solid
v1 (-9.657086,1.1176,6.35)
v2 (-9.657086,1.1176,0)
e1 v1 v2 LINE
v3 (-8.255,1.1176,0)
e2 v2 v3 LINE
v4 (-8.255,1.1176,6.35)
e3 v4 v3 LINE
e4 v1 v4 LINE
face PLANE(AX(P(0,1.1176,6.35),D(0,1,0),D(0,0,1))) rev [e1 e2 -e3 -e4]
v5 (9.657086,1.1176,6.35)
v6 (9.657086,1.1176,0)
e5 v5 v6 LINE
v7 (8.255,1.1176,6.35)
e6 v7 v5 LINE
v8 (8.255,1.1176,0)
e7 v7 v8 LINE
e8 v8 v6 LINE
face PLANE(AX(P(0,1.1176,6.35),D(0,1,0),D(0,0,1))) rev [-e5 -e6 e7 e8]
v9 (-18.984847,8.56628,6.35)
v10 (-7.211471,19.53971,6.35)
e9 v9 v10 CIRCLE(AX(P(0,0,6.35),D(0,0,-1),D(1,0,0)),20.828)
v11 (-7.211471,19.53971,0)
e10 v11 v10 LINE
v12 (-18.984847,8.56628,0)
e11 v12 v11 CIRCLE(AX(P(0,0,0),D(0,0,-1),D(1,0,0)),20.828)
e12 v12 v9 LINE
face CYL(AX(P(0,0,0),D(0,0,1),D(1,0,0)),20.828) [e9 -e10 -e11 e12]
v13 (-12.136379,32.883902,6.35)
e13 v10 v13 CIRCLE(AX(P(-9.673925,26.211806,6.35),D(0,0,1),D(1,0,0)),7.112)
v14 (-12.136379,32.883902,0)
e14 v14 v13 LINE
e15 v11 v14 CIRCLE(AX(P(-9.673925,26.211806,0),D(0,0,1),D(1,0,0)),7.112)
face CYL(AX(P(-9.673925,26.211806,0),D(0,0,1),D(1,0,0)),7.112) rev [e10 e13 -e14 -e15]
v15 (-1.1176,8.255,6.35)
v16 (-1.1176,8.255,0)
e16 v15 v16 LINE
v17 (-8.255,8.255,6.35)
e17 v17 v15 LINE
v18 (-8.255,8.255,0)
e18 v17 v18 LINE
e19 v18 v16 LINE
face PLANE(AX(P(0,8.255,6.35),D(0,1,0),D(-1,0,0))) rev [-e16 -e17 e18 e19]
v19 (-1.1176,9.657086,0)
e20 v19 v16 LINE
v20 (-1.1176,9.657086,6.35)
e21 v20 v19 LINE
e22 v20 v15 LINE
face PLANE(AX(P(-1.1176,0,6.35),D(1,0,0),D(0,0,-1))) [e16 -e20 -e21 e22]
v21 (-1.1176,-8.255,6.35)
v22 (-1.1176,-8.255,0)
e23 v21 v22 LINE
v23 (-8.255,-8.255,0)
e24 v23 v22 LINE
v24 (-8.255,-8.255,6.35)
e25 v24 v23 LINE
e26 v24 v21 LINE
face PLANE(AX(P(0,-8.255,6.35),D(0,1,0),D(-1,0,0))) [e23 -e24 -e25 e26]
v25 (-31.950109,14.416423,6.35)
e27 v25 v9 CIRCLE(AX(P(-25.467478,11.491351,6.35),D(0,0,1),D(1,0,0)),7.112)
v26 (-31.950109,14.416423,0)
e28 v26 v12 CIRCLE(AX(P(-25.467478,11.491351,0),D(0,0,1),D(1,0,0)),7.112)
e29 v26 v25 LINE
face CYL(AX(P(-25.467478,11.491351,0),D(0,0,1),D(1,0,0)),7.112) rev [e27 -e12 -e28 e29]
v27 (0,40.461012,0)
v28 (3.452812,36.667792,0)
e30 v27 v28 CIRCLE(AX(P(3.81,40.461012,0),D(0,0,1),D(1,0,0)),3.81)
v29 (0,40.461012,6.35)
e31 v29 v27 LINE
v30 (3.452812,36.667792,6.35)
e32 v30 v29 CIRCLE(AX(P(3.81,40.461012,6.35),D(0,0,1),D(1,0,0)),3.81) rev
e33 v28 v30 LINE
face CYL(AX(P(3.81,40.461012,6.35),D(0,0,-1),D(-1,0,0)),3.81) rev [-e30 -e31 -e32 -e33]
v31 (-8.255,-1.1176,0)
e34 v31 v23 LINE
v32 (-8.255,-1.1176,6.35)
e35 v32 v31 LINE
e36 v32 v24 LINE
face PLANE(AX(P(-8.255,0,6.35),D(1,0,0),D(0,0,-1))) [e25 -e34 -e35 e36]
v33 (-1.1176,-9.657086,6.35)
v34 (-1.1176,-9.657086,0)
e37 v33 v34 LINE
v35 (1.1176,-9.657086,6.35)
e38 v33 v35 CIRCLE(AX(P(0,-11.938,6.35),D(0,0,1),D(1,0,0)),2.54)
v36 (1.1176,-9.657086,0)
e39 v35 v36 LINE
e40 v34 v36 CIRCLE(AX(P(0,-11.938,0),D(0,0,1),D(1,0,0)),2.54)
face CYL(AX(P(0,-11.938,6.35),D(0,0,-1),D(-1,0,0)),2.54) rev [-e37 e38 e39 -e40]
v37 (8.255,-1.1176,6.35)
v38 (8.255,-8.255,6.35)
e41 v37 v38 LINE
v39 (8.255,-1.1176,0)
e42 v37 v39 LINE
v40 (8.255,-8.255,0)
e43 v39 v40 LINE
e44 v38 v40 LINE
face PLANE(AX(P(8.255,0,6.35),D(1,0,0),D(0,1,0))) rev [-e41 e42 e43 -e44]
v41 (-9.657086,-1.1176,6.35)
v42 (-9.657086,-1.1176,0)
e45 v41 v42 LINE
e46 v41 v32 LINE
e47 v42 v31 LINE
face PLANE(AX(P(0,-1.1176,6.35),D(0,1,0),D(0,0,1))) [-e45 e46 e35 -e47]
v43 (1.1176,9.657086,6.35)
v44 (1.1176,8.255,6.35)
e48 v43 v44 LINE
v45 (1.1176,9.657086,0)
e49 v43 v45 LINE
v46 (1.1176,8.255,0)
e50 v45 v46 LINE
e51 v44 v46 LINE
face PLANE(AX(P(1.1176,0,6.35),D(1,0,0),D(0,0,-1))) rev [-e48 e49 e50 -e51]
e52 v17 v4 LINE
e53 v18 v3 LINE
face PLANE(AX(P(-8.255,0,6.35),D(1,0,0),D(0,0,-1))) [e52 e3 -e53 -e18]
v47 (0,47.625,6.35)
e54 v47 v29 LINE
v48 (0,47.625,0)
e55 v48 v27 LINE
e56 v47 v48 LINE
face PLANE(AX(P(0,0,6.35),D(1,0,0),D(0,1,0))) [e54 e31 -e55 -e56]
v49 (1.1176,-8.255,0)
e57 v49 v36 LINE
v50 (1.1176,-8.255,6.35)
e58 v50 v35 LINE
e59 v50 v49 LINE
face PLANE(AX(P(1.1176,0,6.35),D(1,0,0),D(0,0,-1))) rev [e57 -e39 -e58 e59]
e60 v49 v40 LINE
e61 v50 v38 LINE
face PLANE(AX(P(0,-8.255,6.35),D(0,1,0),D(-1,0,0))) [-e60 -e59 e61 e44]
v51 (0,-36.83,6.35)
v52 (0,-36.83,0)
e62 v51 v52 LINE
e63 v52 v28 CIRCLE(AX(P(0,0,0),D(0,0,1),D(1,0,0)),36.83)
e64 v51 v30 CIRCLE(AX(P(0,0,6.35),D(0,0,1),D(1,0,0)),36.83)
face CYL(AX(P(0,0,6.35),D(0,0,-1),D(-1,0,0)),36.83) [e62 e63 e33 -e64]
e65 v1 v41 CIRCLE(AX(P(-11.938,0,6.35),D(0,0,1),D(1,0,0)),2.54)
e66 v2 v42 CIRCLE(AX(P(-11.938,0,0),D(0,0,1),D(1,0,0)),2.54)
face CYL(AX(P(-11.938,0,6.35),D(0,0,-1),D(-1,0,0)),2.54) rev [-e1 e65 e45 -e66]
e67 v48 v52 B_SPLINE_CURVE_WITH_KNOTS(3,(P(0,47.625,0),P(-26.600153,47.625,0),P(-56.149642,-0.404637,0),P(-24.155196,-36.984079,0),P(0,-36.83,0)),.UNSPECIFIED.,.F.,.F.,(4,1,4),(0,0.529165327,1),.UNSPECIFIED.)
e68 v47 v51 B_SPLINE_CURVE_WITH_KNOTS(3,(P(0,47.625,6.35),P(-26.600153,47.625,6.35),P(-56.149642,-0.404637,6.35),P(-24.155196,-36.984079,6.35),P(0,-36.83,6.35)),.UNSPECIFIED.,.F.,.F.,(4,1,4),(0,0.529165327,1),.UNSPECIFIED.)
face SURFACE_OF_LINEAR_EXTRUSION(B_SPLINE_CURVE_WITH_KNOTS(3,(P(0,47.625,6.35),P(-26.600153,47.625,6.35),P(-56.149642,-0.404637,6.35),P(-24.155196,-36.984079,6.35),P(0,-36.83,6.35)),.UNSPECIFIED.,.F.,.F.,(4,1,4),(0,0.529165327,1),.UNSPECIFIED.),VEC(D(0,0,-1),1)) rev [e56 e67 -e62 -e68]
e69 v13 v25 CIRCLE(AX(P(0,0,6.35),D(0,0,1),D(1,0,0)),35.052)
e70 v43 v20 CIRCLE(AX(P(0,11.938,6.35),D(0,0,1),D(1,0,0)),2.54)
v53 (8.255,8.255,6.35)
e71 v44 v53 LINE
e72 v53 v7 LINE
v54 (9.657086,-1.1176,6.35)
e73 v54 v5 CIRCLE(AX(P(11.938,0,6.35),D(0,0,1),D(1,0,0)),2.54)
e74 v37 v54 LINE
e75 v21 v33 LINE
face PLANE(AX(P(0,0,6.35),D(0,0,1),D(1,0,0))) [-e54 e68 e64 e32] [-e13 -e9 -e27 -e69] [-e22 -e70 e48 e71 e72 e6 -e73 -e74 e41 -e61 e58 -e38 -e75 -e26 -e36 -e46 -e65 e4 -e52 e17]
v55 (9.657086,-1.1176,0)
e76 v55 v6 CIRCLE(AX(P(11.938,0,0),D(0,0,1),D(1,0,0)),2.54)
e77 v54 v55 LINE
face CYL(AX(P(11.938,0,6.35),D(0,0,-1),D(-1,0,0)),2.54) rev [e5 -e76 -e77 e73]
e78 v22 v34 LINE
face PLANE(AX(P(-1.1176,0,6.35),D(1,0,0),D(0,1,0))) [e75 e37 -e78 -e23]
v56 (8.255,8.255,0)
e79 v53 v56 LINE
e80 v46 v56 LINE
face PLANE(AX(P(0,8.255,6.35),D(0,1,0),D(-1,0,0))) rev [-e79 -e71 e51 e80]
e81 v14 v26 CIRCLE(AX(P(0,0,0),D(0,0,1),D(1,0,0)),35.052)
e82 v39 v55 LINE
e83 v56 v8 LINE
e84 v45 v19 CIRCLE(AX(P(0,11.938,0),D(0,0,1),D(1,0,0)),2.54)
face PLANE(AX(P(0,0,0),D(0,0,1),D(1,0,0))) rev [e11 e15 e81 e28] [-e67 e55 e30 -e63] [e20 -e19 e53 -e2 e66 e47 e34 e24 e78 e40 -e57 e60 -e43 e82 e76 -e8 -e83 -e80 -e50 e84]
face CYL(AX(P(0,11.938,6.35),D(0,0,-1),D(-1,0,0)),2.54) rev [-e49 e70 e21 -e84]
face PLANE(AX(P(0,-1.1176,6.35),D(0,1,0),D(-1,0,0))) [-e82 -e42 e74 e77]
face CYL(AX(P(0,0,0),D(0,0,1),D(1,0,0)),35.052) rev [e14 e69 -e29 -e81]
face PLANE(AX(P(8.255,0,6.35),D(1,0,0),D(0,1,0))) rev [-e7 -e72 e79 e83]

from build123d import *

# Parameters (mm, degrees)
BOSS_EXTRUDE1_DEPTH = 6.35
CUT_EXTRUDE1_DEPTH  = 64.001230115
FILLET2_R           = 3.81


with BuildPart() as part:
    # Sketch1 → Boss-Extrude1 (new body)
    with BuildSketch(Plane.XY):
        with BuildLine():
            Line((0, 47.625), (0, 36.83))
            ThreePointArc((0, 36.83), (36.83, 0), (0, -36.83))
            add(Edge.make_bspline(
                [(0, 47.625), (-26.600153249, 47.625), (-56.149642057, -0.404637175), (-24.15519568, -36.984078787), (0, -36.83)],
                knots=[0, 0, 0, 0, 0.529165327, 1, 1, 1, 1], degree=3))
        make_face()
        with BuildLine():
            Line((1.1176, -8.255), (8.255, -8.255))
            Line((8.255, -8.255), (8.255, -1.1176))
            Line((8.255, -1.1176), (9.657085657, -1.1176))
            ThreePointArc((9.657085657, -1.1176), (14.478, 0), (9.657085657, 1.1176))
            Line((9.657085657, 1.1176), (8.255, 1.1176))
            Line((8.255, 1.1176), (8.255, 8.255))
            Line((8.255, 8.255), (1.1176, 8.255))
            Line((1.1176, 8.255), (1.1176, 9.657085657))
            ThreePointArc((1.1176, 9.657085657), (0, 14.478), (-1.1176, 9.657085657))
            Line((-1.1176, 9.657085657), (-1.1176, 8.255))
            Line((-1.1176, 8.255), (-8.255, 8.255))
            Line((-8.255, 8.255), (-8.255, 1.1176))
            Line((-8.255, 1.1176), (-9.657085657, 1.1176))
            ThreePointArc((-9.657085657, 1.1176), (-14.478, 0), (-9.657085657, -1.1176))
            Line((-9.657085657, -1.1176), (-8.255, -1.1176))
            Line((-8.255, -1.1176), (-8.255, -8.255))
            Line((-8.255, -8.255), (-1.1176, -8.255))
            Line((-1.1176, -8.255), (-1.1176, -9.657085657))
            ThreePointArc((-1.1176, -9.657085657), (0, -14.478), (1.1176, -9.657085657))
            Line((1.1176, -9.657085657), (1.1176, -8.255))
        make_face(mode=Mode.SUBTRACT)
    extrude(amount=BOSS_EXTRUDE1_DEPTH)

    # Sketch5 → Cut-Extrude1 (cut, through all)
    with BuildSketch(Plane.XY.offset(6.35)):
        with BuildLine():
            ThreePointArc((-12.136378722, 32.883902073), (-23.899090909, 25.641297895), (-31.950108913, 14.416422734))
            ThreePointArc((-31.950108913, 14.416422734), (-28.392549398, 5.00872066), (-18.984847325, 8.566280175))
            ThreePointArc((-18.984847325, 8.566280175), (-14.200909091, 15.236133532), (-7.211471414, 19.539709927))
            ThreePointArc((-7.211471414, 19.539709927), (-3.001828995, 28.674259654), (-12.136378722, 32.883902073))
        make_face()
    extrude(amount=-CUT_EXTRUDE1_DEPTH, mode=Mode.SUBTRACT)

    # Fillet2
    fillet2_edges = [part.edges().sort_by_distance(p)[0] for p in [
        (0, 36.83, 3.175),
    ]]
    fillet(fillet2_edges, radius=FILLET2_R)


solid = part.part
